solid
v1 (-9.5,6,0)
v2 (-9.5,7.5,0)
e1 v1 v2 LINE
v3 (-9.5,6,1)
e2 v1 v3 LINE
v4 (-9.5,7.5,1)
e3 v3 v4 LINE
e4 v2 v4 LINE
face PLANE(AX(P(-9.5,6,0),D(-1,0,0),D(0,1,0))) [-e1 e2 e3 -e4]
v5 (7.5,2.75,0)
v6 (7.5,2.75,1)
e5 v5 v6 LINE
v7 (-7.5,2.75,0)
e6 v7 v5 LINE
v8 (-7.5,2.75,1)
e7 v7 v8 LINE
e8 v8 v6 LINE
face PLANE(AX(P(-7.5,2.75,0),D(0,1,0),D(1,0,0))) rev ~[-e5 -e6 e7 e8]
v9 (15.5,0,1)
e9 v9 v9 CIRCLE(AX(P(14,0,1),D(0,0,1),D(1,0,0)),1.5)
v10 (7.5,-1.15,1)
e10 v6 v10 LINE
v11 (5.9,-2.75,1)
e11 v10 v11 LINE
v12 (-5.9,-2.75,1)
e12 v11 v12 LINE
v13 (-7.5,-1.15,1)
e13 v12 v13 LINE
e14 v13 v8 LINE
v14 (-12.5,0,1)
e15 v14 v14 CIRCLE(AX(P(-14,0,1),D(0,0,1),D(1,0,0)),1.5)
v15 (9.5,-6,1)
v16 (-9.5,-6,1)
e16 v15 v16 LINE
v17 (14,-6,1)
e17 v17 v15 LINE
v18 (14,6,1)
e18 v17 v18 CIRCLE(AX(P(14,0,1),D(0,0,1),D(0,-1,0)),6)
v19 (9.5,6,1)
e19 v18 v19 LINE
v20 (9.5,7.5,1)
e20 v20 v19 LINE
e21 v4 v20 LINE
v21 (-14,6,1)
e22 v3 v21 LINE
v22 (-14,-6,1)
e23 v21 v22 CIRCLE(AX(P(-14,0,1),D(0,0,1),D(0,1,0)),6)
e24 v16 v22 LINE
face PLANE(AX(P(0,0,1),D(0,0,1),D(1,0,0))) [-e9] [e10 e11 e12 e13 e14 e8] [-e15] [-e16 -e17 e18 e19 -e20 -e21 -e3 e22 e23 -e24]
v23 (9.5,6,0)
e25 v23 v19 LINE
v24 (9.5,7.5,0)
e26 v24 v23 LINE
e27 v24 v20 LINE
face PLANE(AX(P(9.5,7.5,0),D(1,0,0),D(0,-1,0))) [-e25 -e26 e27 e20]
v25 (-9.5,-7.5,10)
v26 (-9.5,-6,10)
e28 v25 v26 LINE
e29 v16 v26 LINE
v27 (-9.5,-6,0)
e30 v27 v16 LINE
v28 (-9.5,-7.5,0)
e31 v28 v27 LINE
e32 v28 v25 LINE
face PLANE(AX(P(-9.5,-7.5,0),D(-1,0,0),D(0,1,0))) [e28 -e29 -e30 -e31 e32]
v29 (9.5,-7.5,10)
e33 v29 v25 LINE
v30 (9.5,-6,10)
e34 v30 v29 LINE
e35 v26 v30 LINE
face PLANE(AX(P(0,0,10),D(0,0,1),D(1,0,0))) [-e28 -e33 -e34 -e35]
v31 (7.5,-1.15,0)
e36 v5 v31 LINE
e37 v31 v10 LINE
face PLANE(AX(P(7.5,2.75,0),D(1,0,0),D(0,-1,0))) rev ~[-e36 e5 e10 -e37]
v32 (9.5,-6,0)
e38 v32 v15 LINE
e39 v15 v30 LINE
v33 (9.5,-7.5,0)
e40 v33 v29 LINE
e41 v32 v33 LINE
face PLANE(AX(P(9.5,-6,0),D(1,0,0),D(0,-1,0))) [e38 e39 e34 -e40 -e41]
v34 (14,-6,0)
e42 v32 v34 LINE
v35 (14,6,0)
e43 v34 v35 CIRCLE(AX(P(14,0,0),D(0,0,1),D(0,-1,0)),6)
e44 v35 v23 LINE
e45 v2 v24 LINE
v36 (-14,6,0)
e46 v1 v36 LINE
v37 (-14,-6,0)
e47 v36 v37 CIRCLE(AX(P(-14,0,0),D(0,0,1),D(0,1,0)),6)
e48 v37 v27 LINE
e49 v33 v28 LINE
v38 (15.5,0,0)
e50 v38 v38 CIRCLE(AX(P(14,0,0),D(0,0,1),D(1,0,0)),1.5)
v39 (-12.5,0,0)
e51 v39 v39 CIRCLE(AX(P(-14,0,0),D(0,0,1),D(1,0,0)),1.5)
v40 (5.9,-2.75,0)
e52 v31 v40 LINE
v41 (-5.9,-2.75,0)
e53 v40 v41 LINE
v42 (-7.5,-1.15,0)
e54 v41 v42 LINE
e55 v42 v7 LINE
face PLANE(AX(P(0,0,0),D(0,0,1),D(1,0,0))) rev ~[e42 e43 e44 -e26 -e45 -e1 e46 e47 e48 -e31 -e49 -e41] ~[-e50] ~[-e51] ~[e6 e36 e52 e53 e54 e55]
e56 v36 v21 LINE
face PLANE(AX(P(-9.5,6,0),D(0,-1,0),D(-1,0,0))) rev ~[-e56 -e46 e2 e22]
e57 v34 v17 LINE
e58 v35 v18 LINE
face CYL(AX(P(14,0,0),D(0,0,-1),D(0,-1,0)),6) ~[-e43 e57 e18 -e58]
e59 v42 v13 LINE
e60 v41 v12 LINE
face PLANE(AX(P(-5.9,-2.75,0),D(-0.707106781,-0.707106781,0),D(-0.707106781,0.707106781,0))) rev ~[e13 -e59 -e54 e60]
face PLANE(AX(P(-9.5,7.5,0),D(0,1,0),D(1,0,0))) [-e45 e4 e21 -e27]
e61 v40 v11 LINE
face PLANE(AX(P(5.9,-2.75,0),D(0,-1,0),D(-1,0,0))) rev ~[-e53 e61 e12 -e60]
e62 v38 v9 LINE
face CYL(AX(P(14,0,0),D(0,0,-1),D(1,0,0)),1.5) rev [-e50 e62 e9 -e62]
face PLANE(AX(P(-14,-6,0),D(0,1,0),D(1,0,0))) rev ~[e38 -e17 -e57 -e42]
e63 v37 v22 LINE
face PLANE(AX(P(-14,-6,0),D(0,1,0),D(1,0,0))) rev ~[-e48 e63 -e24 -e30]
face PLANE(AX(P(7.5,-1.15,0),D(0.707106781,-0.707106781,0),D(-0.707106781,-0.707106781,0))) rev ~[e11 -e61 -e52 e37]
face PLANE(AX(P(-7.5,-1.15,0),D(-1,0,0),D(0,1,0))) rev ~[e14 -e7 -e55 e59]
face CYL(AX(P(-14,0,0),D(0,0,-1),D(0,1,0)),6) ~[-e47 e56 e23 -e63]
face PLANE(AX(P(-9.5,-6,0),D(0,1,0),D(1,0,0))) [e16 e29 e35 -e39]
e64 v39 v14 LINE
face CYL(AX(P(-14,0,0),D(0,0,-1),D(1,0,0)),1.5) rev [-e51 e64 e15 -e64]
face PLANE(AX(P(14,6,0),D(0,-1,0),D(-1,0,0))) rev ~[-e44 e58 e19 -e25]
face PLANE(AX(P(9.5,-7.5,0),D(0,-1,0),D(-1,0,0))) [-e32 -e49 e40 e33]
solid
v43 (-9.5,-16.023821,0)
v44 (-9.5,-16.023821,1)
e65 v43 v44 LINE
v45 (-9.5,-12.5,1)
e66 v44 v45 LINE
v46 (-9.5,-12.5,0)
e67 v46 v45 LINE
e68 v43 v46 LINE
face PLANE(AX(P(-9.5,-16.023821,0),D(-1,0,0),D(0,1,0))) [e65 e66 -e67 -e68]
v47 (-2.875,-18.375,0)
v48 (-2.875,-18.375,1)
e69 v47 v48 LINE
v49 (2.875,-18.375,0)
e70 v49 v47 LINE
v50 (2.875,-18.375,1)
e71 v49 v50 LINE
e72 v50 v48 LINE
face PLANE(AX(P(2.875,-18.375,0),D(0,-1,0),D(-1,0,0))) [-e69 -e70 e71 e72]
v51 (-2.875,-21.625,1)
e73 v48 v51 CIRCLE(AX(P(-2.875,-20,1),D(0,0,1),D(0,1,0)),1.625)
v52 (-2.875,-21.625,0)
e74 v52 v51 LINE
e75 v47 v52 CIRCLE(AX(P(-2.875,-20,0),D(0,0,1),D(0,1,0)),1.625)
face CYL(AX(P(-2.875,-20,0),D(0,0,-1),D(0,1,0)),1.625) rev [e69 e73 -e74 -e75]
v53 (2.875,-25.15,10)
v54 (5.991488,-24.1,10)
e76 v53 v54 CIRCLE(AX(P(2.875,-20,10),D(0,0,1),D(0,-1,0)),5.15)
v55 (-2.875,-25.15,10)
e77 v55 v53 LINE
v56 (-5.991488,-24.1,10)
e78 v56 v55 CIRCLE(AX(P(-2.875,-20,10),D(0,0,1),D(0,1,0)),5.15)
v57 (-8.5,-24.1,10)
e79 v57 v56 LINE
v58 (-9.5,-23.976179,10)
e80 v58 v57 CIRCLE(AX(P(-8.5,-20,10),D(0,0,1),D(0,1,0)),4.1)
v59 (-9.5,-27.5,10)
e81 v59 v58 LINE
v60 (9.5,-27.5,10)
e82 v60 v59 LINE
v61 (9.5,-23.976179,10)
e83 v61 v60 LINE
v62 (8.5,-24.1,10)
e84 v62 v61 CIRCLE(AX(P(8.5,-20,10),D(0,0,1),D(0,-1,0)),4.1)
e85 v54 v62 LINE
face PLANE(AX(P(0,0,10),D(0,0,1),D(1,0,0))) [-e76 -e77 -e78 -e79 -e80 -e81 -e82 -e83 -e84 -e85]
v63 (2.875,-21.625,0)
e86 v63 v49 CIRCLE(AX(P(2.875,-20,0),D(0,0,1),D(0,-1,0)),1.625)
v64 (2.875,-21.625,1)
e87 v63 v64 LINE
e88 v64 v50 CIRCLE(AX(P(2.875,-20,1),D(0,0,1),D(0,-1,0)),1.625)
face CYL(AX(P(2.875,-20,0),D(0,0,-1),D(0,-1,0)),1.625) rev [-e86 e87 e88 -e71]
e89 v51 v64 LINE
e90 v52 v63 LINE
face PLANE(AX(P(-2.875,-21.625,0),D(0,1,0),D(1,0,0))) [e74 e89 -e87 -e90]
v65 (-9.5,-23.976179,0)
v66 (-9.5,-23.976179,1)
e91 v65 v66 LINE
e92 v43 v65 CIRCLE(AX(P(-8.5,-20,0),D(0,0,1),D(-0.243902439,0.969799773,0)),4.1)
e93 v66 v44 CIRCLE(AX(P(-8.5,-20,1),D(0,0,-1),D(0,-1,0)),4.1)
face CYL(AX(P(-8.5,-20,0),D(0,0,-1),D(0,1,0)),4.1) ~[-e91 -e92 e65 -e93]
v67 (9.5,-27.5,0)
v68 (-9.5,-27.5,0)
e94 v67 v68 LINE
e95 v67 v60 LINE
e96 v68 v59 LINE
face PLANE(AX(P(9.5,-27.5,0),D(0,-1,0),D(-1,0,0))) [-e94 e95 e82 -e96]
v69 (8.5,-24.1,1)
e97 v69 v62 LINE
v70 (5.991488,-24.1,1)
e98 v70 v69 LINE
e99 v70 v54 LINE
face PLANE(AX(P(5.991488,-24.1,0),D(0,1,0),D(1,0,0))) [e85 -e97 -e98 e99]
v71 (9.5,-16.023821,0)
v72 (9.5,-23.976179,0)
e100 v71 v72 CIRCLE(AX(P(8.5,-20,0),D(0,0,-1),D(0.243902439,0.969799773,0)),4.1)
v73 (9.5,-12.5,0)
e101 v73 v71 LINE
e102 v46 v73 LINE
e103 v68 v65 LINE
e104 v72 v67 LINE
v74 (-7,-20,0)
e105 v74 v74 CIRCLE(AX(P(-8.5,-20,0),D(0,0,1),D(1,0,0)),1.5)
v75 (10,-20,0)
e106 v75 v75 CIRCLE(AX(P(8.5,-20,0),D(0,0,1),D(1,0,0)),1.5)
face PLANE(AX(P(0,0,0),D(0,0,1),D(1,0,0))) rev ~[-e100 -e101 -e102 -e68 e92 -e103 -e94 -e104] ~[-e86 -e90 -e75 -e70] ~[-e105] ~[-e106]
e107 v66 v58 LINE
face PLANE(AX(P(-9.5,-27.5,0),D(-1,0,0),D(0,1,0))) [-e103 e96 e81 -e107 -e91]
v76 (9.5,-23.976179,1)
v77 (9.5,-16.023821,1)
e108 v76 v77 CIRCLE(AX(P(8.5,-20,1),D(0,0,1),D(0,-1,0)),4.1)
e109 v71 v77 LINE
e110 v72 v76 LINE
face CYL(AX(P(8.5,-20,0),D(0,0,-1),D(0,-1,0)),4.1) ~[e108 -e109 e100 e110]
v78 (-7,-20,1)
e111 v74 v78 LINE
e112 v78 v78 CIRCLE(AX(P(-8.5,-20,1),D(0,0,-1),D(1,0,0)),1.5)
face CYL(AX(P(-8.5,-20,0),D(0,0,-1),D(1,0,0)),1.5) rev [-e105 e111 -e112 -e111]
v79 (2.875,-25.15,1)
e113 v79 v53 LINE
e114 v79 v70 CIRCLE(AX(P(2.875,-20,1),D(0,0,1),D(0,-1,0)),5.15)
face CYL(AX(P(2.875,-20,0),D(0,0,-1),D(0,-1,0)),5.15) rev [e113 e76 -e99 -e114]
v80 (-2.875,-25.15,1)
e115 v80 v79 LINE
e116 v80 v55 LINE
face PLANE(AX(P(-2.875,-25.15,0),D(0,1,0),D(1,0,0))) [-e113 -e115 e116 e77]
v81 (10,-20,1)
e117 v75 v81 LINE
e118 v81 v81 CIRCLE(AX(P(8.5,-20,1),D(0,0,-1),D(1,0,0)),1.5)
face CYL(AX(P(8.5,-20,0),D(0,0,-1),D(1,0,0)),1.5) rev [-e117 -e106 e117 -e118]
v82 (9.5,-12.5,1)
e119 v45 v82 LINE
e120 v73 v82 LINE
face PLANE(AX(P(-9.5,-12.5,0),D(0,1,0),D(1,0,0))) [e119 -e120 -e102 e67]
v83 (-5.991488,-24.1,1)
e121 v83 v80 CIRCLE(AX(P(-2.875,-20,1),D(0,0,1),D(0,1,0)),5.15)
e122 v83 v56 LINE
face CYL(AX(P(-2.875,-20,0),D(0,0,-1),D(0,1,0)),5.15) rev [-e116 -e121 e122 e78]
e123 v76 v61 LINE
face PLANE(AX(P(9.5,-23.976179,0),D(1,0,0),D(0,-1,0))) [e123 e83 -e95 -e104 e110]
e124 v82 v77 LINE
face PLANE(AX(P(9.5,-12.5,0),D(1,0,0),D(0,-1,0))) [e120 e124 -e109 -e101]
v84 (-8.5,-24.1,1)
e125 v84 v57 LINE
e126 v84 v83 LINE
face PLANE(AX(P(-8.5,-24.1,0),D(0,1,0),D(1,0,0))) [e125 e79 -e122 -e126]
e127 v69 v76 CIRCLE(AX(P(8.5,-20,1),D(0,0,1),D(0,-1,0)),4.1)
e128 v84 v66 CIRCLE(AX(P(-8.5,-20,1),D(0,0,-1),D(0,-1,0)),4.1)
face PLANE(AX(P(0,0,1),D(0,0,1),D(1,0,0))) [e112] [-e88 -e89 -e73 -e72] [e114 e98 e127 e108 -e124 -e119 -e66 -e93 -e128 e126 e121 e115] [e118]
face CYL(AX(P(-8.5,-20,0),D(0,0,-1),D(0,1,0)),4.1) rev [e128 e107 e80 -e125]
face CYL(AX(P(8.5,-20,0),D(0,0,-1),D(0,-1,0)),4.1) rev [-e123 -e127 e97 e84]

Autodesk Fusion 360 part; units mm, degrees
sketch "Sketch1" plane through (0, 0, 0) normal (0, 0, 1) x (1, 0, 0)
  line L0 (-14, 0) -> (14, 0) construction
  line L1 (-14, -6) -> (14, -6)
  arc A0 (14, -6) -> (14, 6) centre (14, 0) ccw
  line L2 (14, 6) -> (-14, 6)
  arc A1 (-14, 6) -> (-14, -6) centre (-14, 0) ccw
  line L3 (-14, 0) -> (14, 0) construction
  line L4 (-7.5, 2.75) -> (7.5, 2.75)
  line L5 (7.5, 2.75) -> (7.5, -1.15)
  line L6 (7.5, -1.15) -> (5.9, -2.75)
  line L7 (5.9, -2.75) -> (-5.9, -2.75)
  line L8 (-5.9, -2.75) -> (-7.5, -1.15)
  line L9 (-7.5, -1.15) -> (-7.5, 2.75)
  circle A2 centre (-14, 0) radius 1.5
  circle A3 centre (14, 0) radius 1.5
  line L10 (-9.5, 7.5) -> (9.5, 7.5)
  line L11 (9.5, 7.5) -> (9.5, -7.5)
  line L12 (9.5, -7.5) -> (-9.5, -7.5)
  line L13 (-9.5, -7.5) -> (-9.5, 7.5)
  point P0 (0, 2.75)
  dimension "d1" = 28
  dimension "d2" = 6
  dimension "d3" = 15
  dimension "d4" = 5.5
  dimension "d5" = 3.9
  dimension "d6" = 2.75
  dimension "d7" = 3
  dimension "d8" = 3
  dimension "d21" = 15
  dimension "d22" = 7.5
  dimension "d23" = 19
  dimension "d24" = 9.5
extrude "Extrude1" add sketch "Sketch1" along normal blind 1 contours L1 L2 A1 L13 | L1 L2 L11 L13 | L1 A0 L2 L11 | L2 L10 L11 L13 makes body 1
extrude "Extrude3" add sketch "Sketch1" along normal blind 10 contours L1 L11 L12 L13 bodies 1
sketch "Sketch2" plane through (0, 0, 0) normal (0, 0, 1) x (1, 0, 0)
  line L0 (-8.5, -24.1) -> (8.5, -24.1)
  arc A0 (8.5, -24.1) -> (8.5, -15.9) centre (8.5, -20) ccw
  line L1 (8.5, -15.9) -> (-8.5, -15.9)
  arc A1 (-8.5, -15.9) -> (-8.5, -24.1) centre (-8.5, -20) ccw
  line L2 (-8.5, -20) -> (8.5, -20) construction
  line L3 (-2.875, -21.625) -> (2.875, -21.625)
  arc A2 (2.875, -21.625) -> (2.875, -18.375) centre (2.875, -20) ccw
  line L4 (2.875, -18.375) -> (-2.875, -18.375)
  arc A3 (-2.875, -18.375) -> (-2.875, -21.625) centre (-2.875, -20) ccw
  line L5 (-2.875, -20) -> (2.875, -20) construction
  line L6 (4.5, -17.2515) -> (4.5, -22.6673) construction
  line L7 (-2.875, -25.15) -> (2.875, -25.15)
  arc A4 (2.875, -25.15) -> (2.875, -14.85) centre (2.875, -20) ccw
  line L8 (2.875, -14.85) -> (-2.875, -14.85)
  arc A5 (-2.875, -14.85) -> (-2.875, -25.15) centre (-2.875, -20) ccw
  line L9 (-2.875, -20) -> (2.875, -20) construction
  circle A6 centre (8.5, -20) radius 1.5
  circle A7 centre (-8.5, -20) radius 1.5
  line L10 (-9.5, -12.5) -> (9.5, -12.5)
  line L11 (9.5, -12.5) -> (9.5, -27.5)
  line L12 (9.5, -27.5) -> (-9.5, -27.5)
  line L13 (-9.5, -27.5) -> (-9.5, -12.5)
  point P0 (0, -20)
  point P1 (0, -20)
  dimension "d11" = 17
  dimension "d12" = 4.1
  dimension "d13" = 20
  dimension "d14" = 3.25
  dimension "d15" = 4.5
  dimension "d16" = 10.3
  dimension "d17" = 3
  dimension "d18" = 3
  dimension "d25" = 19
  dimension "d26" = 9.5
  dimension "d27" = 15
  dimension "d28" = 7.5
extrude "Extrude2" add sketch "Sketch2" along normal blind 1 separate body contours L0 A1 A5 A7 L13 | L0 L1 A4 A5 A6 A7 | L0 L7 A4 A5 | A1 A7 L13 | L0 A0 A4 A6 L11 | A0 L1 A1 A4 L8 A5 L10 L11 L13 | L1 A1 A5 A7 L13 | A0 A6 L11 | A0 L1 A4 A6 L11 | L1 A4 L8 A5 makes body 2
extrude "Extrude4" add sketch "Sketch2" along normal up to surface (10 mm away) contours L0 A0 A1 L7 A4 A5 L11 L12 L13 bodies 2
equation "d6 = d4 / 2"
equation "d22 = d21 / 2"
equation "d24 = d23 / 2"
equation "d26 = d25 / 2"
equation "d28 = d27 / 2"
